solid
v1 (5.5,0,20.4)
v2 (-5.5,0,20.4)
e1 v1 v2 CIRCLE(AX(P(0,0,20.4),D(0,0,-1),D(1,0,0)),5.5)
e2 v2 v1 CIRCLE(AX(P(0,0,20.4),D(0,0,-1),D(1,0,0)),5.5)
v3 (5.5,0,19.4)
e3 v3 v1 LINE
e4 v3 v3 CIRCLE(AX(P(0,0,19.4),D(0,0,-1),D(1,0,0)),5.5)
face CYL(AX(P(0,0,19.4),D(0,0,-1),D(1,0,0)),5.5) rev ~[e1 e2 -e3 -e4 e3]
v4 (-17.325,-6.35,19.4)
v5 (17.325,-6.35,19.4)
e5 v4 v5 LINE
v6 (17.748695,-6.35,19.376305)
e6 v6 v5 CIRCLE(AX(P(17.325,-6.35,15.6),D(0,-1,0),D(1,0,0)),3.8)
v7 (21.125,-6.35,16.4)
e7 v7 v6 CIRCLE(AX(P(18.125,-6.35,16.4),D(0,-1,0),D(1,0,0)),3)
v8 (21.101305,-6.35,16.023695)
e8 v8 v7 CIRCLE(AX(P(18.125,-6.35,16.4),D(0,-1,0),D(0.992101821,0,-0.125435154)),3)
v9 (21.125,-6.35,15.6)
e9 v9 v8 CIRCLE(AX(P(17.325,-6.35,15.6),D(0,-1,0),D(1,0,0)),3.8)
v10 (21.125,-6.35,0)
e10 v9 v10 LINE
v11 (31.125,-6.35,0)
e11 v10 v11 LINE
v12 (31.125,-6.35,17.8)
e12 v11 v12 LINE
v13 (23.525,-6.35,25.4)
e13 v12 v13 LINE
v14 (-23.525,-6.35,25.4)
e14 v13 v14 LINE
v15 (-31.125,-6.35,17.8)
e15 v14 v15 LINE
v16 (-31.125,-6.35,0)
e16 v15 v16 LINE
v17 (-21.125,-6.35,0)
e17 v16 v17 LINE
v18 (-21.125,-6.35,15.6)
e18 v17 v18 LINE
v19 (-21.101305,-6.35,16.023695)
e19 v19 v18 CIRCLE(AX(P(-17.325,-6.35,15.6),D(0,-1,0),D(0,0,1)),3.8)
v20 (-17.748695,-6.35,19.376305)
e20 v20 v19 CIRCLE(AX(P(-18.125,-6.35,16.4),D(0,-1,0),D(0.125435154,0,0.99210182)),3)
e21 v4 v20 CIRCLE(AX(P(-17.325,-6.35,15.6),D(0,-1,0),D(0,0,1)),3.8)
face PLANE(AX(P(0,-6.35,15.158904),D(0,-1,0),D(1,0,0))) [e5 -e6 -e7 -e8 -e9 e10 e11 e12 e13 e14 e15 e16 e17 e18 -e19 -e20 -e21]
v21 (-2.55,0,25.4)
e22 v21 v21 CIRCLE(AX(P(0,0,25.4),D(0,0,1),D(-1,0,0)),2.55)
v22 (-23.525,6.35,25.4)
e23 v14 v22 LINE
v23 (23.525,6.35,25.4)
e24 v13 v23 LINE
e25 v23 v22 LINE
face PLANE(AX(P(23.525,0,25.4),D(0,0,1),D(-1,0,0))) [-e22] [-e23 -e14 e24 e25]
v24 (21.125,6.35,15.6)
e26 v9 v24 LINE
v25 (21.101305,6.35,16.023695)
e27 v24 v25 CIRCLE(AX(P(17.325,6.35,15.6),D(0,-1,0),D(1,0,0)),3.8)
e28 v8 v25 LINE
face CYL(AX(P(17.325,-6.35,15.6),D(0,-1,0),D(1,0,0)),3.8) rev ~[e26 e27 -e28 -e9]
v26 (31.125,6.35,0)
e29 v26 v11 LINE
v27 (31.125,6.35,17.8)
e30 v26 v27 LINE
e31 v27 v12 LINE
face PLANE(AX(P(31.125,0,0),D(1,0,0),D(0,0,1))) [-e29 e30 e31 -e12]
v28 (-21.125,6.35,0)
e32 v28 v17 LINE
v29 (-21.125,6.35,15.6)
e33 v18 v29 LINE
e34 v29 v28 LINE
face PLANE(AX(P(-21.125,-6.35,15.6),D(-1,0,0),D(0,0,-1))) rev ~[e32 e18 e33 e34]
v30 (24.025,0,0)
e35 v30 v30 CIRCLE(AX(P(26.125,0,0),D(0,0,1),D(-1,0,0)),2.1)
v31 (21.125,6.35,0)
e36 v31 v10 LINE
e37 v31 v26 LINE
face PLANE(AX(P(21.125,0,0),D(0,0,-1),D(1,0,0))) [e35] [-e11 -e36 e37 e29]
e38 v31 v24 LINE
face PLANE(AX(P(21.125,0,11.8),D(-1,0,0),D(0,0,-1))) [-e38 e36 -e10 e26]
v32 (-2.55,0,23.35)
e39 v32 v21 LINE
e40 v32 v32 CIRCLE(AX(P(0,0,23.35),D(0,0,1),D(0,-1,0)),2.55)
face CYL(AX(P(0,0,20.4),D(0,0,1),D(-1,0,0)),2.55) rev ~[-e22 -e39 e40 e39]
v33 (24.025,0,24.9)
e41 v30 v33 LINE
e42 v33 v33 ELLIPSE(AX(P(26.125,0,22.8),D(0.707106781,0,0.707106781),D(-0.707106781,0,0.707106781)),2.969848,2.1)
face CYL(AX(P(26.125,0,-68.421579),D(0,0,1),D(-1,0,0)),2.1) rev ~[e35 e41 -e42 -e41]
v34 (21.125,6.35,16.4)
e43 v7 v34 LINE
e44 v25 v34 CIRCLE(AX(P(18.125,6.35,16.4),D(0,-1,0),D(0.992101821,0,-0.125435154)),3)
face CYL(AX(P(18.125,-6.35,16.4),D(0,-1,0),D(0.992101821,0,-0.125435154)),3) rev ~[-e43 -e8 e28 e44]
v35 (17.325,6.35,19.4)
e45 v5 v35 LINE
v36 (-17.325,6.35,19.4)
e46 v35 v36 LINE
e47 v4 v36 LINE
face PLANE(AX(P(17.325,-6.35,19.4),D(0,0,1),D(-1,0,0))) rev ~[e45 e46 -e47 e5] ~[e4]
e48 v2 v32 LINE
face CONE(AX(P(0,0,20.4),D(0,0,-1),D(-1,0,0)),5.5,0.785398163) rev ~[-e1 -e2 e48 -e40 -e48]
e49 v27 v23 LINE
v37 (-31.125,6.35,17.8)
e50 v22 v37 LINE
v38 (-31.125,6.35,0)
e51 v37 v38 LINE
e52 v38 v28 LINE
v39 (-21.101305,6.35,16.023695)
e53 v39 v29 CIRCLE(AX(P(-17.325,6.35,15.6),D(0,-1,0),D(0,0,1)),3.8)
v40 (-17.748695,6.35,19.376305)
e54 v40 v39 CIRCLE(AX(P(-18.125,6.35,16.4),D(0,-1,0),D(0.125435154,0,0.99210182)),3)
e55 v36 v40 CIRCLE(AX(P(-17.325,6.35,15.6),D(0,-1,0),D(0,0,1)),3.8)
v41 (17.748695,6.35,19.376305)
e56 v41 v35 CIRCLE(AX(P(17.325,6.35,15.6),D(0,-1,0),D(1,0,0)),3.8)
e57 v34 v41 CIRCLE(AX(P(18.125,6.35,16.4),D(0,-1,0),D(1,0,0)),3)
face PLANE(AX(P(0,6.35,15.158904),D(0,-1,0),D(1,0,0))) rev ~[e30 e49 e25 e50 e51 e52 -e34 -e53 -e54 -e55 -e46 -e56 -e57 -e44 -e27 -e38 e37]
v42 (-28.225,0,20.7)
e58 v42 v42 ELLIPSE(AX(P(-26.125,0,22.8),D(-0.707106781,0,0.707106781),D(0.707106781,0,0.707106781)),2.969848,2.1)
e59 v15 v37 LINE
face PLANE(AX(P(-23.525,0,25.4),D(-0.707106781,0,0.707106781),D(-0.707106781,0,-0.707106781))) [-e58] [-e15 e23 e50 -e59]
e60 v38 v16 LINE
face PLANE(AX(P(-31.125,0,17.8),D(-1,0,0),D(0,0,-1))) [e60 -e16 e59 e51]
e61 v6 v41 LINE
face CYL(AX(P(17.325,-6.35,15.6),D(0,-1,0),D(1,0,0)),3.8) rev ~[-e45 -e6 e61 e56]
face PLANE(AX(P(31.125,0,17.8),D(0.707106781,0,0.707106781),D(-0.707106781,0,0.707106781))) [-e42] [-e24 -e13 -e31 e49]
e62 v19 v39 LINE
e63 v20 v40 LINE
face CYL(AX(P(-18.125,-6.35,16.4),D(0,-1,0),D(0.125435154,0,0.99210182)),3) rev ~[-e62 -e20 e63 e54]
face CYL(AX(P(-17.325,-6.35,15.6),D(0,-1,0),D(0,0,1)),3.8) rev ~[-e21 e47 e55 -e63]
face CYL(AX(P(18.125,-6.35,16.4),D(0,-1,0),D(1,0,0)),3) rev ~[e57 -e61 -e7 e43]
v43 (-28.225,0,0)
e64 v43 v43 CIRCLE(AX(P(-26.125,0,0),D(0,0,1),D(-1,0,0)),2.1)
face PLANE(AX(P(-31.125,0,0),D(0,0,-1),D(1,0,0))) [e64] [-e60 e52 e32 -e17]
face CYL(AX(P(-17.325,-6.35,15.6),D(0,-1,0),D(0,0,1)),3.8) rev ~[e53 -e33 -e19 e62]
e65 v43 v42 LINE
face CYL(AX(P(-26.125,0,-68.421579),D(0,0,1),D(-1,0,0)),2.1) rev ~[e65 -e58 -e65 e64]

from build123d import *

# Parameters (mm, degrees)
F1_DEPTH        = 6.35
F4_D            = 4.2
F6_DEPTH        = 12.701
F8_DEPTH        = 12.701
F2_R            = 5.5
F9_DEPTH        = 1
F11_D           = 5.1
F11_CSINK_D     = 11
F11_CSINK_ANGLE = 90


with BuildPart() as f1:
    # F0 (on Front) → F1 (new body, symmetric)
    with BuildSketch(Plane.XZ):
        Polygon((-31.125, 17.8), (-31.125, 0), (-21.125, 0), (-21.125, 11.8), (-13.525, 19.4), (13.525, 19.4), (21.125, 11.8), (21.125, 0), (31.125, 0), (31.125, 17.8), (23.525, 25.4), (-23.525, 25.4), align=None)
    extrude(amount=F1_DEPTH, both=True)

    # F4 (through all)
    with Locations(Plane(origin=(0, 0, 0), x_dir=(1, 0, 0), z_dir=(0, 0, -1))):
        with Locations((-26.125, 0), (26.125, 0)):
            Hole(F4_D / 2)

    # F5 (on face) → F6 (cut, through all)
    with BuildSketch(Plane.XZ.offset(6.35)):
        with BuildLine():
            ThreePointArc((-14.6379942315, 18.2870057685), (-15.870802957, 19.1107422235), (-17.325, 19.4))
            ThreePointArc((-17.325, 19.4), (-20.0120057685, 18.2870057685), (-21.125, 15.6))
            ThreePointArc((-21.125, 15.6), (-20.8357422235, 14.145802957), (-20.0120057685, 12.9129942315))
            Line((-20.0120057685, 12.9129942315), (-14.6379942315, 18.2870057685))
        make_face()
        with BuildLine():
            Line((-13.525, 19.4), (-17.325, 19.4))
            ThreePointArc((-17.325, 19.4), (-15.870802957, 19.1107422235), (-14.6379942315, 18.2870057685))
            Line((-14.6379942315, 18.2870057685), (-13.525, 19.4))
        make_face()
        with BuildLine():
            ThreePointArc((-20.0120057685, 12.9129942315), (-20.8357422235, 14.145802957), (-21.125, 15.6))
            Line((-21.125, 15.6), (-21.125, 11.8))
            Line((-21.125, 11.8), (-20.0120057685, 12.9129942315))
        make_face()
        with BuildLine():
            ThreePointArc((21.125, 15.6), (20.0120057685, 18.2870057685), (17.325, 19.4))
            ThreePointArc((17.325, 19.4), (15.870802957, 19.1107422235), (14.6379942315, 18.2870057685))
            Line((14.6379942315, 18.2870057685), (20.0120057685, 12.9129942315))
            ThreePointArc((20.0120057685, 12.9129942315), (20.8357422235, 14.145802957), (21.125, 15.6))
        make_face()
        with BuildLine():
            Line((17.325, 19.4), (13.525, 19.4))
            Line((13.525, 19.4), (14.6379942315, 18.2870057685))
            ThreePointArc((14.6379942315, 18.2870057685), (15.870802957, 19.1107422235), (17.325, 19.4))
        make_face()
        with BuildLine():
            Line((21.125, 11.8), (21.125, 15.6))
            ThreePointArc((21.125, 15.6), (20.8357422235, 14.145802957), (20.0120057685, 12.9129942315))
            Line((20.0120057685, 12.9129942315), (21.125, 11.8))
        make_face()
    extrude(amount=-F6_DEPTH, mode=Mode.SUBTRACT)

    # F7 (on face) → F8 (cut, through all)
    with BuildSketch(Plane.XZ.offset(6.35)):
        with BuildLine():
            ThreePointArc((-21.1013054614, 16.0236945386), (-20.0120057685, 18.2870057685), (-17.7486945386, 19.3763054614))
            ThreePointArc((-17.7486945386, 19.3763054614), (-20.2463203436, 18.5213203436), (-21.1013054614, 16.0236945386))
        make_face()
        with BuildLine():
            ThreePointArc((21.125, 16.4), (20.1088200039, 18.6504351117), (17.7486945386, 19.3763054614))
            ThreePointArc((17.7486945386, 19.3763054614), (20.0120057685, 18.2870057685), (21.1013054614, 16.0236945386))
            ThreePointArc((21.1013054614, 16.0236945386), (21.1190705055, 16.2114746493), (21.125, 16.4))
        make_face()
    extrude(amount=-F8_DEPTH, mode=Mode.SUBTRACT)

    # F2 (on face) → F9 (cut)
    with BuildSketch(Plane(origin=(0, 0, 19.4), x_dir=(1, 0, 0), z_dir=(0, 0, -1))):
        Circle(F2_R)
    extrude(amount=-F9_DEPTH, mode=Mode.SUBTRACT)

    # F11 (through all)
    with Locations(Plane(origin=(0, 0, 20.4), x_dir=(1, 0, 0), z_dir=(0, 0, -1))):
        with Locations((0, 0)):
            CounterSinkHole(F11_D / 2, F11_CSINK_D / 2, counter_sink_angle=F11_CSINK_ANGLE)


solid = f1.part
